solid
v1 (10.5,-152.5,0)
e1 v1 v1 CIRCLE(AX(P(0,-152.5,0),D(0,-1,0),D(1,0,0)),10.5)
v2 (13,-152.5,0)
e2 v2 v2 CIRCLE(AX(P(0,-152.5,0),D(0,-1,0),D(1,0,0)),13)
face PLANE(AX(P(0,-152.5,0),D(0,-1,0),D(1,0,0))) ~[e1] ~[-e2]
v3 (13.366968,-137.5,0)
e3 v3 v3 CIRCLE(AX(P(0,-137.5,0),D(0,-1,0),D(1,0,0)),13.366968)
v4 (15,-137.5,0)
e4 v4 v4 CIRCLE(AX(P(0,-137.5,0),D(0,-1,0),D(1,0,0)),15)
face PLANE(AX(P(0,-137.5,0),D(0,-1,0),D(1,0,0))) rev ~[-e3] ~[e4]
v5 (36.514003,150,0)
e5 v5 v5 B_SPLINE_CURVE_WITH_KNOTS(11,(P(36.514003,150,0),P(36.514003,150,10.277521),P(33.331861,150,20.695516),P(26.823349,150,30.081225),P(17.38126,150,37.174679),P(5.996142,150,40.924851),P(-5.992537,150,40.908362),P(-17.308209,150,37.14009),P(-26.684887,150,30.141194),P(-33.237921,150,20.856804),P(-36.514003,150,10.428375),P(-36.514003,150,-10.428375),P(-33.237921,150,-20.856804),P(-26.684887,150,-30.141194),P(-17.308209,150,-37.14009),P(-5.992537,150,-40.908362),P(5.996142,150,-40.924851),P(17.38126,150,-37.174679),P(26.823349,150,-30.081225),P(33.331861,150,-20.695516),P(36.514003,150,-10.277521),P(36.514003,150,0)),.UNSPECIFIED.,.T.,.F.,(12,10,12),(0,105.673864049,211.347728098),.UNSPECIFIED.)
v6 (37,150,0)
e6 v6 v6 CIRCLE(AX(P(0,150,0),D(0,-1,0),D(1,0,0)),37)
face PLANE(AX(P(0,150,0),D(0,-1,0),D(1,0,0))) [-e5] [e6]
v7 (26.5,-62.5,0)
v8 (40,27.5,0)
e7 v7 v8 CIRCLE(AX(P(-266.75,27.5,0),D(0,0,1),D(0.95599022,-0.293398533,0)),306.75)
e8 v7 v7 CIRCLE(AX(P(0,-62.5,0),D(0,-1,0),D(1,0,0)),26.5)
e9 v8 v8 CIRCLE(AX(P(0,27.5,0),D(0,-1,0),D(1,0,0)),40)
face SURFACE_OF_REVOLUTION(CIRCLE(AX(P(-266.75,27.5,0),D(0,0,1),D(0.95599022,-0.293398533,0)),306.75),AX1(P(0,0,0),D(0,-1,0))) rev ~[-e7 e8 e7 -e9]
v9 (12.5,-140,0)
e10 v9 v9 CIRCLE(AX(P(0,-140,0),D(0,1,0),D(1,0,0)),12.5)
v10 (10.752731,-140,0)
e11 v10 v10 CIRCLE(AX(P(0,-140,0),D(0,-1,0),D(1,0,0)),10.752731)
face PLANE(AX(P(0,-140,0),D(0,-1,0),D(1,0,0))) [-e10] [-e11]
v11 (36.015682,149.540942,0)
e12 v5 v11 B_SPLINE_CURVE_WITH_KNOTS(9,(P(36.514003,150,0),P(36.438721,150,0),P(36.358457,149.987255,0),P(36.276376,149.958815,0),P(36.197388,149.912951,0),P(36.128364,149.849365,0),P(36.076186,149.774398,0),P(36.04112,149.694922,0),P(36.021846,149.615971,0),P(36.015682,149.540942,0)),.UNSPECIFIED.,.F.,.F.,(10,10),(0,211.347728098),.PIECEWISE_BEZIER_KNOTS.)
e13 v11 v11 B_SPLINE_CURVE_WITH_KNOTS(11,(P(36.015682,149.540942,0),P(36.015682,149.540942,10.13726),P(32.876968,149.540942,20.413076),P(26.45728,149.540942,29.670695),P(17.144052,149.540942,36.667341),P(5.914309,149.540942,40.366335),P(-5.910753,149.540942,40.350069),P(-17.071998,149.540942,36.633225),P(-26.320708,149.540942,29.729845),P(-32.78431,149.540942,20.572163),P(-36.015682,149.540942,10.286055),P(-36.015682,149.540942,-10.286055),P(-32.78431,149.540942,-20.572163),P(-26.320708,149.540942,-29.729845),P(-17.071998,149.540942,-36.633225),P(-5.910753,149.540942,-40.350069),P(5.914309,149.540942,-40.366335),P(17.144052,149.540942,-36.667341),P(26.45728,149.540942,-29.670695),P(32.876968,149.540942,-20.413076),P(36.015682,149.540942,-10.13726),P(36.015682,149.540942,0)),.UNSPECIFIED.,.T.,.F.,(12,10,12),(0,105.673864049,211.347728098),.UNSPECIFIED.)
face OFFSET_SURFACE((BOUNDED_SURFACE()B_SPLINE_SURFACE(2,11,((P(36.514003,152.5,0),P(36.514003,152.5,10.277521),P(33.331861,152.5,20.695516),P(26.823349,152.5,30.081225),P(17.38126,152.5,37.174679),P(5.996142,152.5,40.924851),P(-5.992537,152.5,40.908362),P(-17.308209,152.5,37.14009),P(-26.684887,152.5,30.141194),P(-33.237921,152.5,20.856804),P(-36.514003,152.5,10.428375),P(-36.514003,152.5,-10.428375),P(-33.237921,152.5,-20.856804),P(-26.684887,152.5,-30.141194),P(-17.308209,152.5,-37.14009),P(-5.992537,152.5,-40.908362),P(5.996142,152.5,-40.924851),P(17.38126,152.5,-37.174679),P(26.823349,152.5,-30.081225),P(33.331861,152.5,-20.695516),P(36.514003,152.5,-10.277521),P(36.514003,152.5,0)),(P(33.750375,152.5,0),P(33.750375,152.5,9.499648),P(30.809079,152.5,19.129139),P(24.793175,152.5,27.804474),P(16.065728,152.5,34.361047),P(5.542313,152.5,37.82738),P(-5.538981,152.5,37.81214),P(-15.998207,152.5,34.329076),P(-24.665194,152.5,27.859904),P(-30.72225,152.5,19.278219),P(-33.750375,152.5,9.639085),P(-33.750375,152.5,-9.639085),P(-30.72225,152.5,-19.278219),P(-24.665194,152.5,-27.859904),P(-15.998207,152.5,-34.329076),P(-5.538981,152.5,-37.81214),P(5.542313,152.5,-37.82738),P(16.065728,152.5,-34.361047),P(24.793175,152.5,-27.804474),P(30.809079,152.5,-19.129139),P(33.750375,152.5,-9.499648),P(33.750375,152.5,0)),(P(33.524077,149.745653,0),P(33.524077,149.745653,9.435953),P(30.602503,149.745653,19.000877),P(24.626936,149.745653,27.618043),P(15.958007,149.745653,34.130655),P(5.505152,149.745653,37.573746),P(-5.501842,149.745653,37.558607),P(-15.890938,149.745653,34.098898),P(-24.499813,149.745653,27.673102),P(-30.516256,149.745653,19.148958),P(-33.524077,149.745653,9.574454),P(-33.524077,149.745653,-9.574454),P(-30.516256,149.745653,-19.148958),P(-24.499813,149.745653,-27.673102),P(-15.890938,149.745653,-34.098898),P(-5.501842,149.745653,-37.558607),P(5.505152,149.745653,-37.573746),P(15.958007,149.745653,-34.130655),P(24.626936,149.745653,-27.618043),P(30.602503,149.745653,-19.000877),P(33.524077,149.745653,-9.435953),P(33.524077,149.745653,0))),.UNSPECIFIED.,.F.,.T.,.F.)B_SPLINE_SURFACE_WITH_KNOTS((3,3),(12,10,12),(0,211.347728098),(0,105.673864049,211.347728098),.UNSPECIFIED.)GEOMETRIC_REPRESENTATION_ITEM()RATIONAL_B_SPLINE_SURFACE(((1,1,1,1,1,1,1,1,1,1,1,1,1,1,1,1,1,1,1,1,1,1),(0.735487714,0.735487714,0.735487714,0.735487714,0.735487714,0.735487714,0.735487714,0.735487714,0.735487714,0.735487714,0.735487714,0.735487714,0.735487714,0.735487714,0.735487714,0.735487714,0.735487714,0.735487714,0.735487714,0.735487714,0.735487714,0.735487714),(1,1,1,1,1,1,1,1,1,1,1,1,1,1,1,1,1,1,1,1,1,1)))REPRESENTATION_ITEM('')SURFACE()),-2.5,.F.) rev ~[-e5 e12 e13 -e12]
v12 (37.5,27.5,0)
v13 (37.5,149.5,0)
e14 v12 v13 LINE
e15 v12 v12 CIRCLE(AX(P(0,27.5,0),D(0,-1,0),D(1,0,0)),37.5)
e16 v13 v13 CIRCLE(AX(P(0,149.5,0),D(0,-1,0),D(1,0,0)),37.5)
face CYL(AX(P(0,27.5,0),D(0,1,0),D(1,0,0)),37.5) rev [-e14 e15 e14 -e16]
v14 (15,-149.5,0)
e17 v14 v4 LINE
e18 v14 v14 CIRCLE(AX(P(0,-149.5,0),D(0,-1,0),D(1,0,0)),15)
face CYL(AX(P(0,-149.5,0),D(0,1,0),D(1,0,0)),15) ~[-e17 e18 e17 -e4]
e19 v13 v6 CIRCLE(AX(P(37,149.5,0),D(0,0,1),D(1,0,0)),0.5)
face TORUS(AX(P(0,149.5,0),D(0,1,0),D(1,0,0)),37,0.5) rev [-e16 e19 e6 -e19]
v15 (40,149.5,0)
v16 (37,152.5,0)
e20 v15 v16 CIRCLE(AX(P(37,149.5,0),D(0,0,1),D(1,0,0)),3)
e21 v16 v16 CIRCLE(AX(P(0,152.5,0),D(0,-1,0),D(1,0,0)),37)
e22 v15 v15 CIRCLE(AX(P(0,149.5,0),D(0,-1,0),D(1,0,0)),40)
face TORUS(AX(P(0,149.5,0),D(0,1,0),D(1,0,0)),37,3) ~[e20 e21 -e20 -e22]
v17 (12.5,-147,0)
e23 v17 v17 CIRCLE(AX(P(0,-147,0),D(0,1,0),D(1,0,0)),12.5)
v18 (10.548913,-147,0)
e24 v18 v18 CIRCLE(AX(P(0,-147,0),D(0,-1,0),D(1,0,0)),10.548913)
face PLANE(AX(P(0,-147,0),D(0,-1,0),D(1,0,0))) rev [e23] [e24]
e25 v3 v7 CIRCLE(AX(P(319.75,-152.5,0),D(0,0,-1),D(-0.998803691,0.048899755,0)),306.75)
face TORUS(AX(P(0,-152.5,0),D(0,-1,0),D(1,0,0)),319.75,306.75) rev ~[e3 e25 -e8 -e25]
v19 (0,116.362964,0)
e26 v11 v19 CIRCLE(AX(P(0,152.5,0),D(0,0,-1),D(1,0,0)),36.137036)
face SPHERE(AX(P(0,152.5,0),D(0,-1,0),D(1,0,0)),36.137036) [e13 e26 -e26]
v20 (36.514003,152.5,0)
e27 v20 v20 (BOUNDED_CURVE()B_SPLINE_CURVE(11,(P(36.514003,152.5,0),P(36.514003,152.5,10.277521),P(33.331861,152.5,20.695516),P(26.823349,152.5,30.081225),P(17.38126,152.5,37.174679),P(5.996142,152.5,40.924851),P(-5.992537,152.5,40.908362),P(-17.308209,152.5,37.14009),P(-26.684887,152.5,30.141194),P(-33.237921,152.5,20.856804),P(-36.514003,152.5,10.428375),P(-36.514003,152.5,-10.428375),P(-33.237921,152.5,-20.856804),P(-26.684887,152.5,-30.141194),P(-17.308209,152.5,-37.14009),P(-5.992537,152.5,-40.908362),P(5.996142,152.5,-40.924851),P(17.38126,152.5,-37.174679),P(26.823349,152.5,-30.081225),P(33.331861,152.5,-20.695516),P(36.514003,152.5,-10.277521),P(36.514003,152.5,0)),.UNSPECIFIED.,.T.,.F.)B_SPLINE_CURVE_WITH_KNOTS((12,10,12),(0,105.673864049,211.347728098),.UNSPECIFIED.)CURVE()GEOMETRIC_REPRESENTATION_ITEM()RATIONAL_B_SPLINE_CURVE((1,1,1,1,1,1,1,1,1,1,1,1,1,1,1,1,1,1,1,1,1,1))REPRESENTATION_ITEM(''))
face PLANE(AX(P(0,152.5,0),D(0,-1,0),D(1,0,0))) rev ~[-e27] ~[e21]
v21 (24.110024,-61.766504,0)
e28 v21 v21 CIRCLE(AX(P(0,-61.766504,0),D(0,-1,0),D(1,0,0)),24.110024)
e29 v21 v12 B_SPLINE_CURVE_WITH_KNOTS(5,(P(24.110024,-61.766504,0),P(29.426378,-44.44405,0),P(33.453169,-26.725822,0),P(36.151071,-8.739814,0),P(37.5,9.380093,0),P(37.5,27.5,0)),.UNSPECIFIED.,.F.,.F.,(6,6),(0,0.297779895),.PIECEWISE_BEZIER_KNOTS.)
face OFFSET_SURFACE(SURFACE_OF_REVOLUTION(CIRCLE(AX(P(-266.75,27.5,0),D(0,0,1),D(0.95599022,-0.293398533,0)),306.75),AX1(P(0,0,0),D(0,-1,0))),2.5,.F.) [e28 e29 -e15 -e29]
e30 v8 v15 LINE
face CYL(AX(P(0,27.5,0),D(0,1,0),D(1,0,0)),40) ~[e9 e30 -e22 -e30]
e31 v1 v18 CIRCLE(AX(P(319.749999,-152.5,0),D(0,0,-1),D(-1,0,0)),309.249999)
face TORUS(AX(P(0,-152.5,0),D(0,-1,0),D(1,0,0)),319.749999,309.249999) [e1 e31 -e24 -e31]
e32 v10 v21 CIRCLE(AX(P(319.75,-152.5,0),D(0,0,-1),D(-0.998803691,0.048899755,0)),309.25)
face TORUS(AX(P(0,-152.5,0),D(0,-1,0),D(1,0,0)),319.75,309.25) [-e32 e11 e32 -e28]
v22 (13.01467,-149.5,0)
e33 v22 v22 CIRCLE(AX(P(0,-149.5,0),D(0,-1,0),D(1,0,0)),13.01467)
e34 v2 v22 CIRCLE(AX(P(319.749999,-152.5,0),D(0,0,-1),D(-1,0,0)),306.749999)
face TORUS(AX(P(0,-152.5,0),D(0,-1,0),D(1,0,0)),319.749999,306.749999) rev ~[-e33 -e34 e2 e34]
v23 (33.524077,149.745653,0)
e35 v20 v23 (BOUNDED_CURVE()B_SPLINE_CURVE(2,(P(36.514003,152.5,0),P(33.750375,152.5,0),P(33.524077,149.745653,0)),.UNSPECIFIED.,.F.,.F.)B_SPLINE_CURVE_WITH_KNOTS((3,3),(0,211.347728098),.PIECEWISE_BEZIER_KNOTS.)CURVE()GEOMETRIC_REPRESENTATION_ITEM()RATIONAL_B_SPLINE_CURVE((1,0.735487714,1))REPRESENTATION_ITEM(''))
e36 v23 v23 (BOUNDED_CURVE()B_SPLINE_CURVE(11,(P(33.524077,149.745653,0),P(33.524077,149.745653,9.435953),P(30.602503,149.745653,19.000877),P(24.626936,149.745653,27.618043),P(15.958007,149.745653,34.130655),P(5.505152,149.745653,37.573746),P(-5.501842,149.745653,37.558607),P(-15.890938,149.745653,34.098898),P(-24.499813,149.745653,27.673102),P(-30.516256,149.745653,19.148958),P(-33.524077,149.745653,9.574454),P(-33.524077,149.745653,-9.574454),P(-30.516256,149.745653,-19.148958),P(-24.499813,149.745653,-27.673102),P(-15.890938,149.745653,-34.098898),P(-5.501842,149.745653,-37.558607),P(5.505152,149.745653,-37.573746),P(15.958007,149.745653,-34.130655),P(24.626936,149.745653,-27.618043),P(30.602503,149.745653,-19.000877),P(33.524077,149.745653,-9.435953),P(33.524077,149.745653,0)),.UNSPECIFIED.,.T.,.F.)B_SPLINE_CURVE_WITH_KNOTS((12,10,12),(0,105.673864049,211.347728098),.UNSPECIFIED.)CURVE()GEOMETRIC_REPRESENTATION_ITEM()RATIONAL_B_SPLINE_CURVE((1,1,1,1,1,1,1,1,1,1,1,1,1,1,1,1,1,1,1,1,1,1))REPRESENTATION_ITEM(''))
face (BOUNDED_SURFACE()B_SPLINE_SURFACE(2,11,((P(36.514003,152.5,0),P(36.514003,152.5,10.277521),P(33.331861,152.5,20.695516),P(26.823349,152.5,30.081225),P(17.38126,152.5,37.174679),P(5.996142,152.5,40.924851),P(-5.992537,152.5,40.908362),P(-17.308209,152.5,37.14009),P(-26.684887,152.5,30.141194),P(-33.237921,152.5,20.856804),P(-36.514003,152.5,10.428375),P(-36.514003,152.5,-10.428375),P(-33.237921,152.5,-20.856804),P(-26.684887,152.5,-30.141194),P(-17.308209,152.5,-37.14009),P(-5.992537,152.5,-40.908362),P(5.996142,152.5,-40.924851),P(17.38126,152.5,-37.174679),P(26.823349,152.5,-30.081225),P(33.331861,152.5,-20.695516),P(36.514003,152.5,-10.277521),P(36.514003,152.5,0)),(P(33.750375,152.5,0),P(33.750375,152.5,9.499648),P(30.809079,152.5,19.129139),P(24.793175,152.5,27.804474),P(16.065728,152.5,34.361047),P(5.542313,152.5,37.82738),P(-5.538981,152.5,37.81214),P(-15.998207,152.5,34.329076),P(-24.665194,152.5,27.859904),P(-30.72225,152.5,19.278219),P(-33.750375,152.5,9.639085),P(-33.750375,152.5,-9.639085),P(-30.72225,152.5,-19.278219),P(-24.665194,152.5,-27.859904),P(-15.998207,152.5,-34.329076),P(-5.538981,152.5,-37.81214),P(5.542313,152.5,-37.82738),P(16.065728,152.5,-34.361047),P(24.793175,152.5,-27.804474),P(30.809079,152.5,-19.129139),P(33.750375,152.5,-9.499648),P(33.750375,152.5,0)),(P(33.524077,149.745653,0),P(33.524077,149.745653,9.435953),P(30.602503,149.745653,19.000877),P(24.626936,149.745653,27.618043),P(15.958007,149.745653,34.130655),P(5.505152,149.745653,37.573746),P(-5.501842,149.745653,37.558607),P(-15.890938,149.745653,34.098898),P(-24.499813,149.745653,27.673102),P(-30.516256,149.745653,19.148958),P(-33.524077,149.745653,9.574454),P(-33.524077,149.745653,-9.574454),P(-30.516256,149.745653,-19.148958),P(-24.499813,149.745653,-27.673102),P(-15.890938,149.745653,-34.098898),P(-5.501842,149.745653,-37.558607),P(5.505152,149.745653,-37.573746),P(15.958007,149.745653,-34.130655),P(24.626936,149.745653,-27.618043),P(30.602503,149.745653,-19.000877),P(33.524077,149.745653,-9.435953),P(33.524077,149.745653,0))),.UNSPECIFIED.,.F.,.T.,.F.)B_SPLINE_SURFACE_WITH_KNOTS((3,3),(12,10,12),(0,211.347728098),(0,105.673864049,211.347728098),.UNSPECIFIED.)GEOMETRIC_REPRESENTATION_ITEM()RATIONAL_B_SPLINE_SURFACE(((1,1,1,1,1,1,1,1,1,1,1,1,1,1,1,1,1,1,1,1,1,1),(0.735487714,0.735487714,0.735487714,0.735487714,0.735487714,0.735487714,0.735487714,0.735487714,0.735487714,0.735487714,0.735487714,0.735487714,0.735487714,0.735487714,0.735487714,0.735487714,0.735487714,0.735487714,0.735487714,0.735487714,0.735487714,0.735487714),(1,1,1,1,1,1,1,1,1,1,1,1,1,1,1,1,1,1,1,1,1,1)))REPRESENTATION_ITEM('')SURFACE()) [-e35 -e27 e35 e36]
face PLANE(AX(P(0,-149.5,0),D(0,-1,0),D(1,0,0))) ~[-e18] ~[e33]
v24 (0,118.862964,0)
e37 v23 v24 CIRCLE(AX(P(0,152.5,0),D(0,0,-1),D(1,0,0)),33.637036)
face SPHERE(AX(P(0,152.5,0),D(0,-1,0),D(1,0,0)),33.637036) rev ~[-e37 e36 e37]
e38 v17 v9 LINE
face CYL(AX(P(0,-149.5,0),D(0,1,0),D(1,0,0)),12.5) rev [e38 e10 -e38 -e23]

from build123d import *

# Parameters (mm, degrees)
F2_R = 3
F3_R = 3
F4_T = -2.5


with BuildPart() as f1:
    # F0 (on Top) → F1 (revolve)
    with BuildSketch(Plane.XY):
        with BuildLine():
            Line((0, -152.5), (13, -152.5))
            ThreePointArc((13, -152.5), (13.0036675913, -150.9999820654), (13.0146702775, -149.5))
            ThreePointArc((13.0146702775, -149.5), (13.1321083635, -143.4982763671), (13.3669676696, -137.5))
            ThreePointArc((13.3669676696, -137.5), (17.5974005317, -99.5909352327), (26.5, -62.5))
            ThreePointArc((26.5, -62.5), (36.6062262424, -18.0034339364), (40, 27.5))
            Line((40, 27.5), (40, 152.5))
            Line((40, 152.5), (33.6370356381, 152.5))
            ThreePointArc((33.6370356381, 152.5), (23.7849759987, 128.7150240013), (0, 118.8629643619))
            Line((0, 118.8629643619), (0, -152.5))
        make_face()
        with BuildLine():
            ThreePointArc((13.3669676696, -137.5), (13.1321083635, -143.4982763671), (13.0146702775, -149.5))
            Line((13.0146702775, -149.5), (15, -149.5))
            Line((15, -149.5), (15, -137.5))
            Line((15, -137.5), (13.3669676696, -137.5))
        make_face()
    revolve(axis=Axis((0, 0, 0), (0, -1, 0)))

    # F2
    f2_edges = [f1.edges().sort_by_distance(p)[0] for p in [
        (-40, 152.5, 0),
    ]]
    fillet(f2_edges, radius=F2_R)

    # F3
    f3_edges = [f1.edges().sort_by_distance(p)[0] for p in [
        (-33.637036, 152.5, 0),
    ]]
    fillet(f3_edges, radius=F3_R)

    # F4
    f4_openings = [f1.faces().sort_by_distance(p)[0] for p in [
        (0, -152.5, 0),
    ]]
    offset(amount=F4_T, openings=f4_openings, kind=Kind.INTERSECTION)


solid = f1.part
